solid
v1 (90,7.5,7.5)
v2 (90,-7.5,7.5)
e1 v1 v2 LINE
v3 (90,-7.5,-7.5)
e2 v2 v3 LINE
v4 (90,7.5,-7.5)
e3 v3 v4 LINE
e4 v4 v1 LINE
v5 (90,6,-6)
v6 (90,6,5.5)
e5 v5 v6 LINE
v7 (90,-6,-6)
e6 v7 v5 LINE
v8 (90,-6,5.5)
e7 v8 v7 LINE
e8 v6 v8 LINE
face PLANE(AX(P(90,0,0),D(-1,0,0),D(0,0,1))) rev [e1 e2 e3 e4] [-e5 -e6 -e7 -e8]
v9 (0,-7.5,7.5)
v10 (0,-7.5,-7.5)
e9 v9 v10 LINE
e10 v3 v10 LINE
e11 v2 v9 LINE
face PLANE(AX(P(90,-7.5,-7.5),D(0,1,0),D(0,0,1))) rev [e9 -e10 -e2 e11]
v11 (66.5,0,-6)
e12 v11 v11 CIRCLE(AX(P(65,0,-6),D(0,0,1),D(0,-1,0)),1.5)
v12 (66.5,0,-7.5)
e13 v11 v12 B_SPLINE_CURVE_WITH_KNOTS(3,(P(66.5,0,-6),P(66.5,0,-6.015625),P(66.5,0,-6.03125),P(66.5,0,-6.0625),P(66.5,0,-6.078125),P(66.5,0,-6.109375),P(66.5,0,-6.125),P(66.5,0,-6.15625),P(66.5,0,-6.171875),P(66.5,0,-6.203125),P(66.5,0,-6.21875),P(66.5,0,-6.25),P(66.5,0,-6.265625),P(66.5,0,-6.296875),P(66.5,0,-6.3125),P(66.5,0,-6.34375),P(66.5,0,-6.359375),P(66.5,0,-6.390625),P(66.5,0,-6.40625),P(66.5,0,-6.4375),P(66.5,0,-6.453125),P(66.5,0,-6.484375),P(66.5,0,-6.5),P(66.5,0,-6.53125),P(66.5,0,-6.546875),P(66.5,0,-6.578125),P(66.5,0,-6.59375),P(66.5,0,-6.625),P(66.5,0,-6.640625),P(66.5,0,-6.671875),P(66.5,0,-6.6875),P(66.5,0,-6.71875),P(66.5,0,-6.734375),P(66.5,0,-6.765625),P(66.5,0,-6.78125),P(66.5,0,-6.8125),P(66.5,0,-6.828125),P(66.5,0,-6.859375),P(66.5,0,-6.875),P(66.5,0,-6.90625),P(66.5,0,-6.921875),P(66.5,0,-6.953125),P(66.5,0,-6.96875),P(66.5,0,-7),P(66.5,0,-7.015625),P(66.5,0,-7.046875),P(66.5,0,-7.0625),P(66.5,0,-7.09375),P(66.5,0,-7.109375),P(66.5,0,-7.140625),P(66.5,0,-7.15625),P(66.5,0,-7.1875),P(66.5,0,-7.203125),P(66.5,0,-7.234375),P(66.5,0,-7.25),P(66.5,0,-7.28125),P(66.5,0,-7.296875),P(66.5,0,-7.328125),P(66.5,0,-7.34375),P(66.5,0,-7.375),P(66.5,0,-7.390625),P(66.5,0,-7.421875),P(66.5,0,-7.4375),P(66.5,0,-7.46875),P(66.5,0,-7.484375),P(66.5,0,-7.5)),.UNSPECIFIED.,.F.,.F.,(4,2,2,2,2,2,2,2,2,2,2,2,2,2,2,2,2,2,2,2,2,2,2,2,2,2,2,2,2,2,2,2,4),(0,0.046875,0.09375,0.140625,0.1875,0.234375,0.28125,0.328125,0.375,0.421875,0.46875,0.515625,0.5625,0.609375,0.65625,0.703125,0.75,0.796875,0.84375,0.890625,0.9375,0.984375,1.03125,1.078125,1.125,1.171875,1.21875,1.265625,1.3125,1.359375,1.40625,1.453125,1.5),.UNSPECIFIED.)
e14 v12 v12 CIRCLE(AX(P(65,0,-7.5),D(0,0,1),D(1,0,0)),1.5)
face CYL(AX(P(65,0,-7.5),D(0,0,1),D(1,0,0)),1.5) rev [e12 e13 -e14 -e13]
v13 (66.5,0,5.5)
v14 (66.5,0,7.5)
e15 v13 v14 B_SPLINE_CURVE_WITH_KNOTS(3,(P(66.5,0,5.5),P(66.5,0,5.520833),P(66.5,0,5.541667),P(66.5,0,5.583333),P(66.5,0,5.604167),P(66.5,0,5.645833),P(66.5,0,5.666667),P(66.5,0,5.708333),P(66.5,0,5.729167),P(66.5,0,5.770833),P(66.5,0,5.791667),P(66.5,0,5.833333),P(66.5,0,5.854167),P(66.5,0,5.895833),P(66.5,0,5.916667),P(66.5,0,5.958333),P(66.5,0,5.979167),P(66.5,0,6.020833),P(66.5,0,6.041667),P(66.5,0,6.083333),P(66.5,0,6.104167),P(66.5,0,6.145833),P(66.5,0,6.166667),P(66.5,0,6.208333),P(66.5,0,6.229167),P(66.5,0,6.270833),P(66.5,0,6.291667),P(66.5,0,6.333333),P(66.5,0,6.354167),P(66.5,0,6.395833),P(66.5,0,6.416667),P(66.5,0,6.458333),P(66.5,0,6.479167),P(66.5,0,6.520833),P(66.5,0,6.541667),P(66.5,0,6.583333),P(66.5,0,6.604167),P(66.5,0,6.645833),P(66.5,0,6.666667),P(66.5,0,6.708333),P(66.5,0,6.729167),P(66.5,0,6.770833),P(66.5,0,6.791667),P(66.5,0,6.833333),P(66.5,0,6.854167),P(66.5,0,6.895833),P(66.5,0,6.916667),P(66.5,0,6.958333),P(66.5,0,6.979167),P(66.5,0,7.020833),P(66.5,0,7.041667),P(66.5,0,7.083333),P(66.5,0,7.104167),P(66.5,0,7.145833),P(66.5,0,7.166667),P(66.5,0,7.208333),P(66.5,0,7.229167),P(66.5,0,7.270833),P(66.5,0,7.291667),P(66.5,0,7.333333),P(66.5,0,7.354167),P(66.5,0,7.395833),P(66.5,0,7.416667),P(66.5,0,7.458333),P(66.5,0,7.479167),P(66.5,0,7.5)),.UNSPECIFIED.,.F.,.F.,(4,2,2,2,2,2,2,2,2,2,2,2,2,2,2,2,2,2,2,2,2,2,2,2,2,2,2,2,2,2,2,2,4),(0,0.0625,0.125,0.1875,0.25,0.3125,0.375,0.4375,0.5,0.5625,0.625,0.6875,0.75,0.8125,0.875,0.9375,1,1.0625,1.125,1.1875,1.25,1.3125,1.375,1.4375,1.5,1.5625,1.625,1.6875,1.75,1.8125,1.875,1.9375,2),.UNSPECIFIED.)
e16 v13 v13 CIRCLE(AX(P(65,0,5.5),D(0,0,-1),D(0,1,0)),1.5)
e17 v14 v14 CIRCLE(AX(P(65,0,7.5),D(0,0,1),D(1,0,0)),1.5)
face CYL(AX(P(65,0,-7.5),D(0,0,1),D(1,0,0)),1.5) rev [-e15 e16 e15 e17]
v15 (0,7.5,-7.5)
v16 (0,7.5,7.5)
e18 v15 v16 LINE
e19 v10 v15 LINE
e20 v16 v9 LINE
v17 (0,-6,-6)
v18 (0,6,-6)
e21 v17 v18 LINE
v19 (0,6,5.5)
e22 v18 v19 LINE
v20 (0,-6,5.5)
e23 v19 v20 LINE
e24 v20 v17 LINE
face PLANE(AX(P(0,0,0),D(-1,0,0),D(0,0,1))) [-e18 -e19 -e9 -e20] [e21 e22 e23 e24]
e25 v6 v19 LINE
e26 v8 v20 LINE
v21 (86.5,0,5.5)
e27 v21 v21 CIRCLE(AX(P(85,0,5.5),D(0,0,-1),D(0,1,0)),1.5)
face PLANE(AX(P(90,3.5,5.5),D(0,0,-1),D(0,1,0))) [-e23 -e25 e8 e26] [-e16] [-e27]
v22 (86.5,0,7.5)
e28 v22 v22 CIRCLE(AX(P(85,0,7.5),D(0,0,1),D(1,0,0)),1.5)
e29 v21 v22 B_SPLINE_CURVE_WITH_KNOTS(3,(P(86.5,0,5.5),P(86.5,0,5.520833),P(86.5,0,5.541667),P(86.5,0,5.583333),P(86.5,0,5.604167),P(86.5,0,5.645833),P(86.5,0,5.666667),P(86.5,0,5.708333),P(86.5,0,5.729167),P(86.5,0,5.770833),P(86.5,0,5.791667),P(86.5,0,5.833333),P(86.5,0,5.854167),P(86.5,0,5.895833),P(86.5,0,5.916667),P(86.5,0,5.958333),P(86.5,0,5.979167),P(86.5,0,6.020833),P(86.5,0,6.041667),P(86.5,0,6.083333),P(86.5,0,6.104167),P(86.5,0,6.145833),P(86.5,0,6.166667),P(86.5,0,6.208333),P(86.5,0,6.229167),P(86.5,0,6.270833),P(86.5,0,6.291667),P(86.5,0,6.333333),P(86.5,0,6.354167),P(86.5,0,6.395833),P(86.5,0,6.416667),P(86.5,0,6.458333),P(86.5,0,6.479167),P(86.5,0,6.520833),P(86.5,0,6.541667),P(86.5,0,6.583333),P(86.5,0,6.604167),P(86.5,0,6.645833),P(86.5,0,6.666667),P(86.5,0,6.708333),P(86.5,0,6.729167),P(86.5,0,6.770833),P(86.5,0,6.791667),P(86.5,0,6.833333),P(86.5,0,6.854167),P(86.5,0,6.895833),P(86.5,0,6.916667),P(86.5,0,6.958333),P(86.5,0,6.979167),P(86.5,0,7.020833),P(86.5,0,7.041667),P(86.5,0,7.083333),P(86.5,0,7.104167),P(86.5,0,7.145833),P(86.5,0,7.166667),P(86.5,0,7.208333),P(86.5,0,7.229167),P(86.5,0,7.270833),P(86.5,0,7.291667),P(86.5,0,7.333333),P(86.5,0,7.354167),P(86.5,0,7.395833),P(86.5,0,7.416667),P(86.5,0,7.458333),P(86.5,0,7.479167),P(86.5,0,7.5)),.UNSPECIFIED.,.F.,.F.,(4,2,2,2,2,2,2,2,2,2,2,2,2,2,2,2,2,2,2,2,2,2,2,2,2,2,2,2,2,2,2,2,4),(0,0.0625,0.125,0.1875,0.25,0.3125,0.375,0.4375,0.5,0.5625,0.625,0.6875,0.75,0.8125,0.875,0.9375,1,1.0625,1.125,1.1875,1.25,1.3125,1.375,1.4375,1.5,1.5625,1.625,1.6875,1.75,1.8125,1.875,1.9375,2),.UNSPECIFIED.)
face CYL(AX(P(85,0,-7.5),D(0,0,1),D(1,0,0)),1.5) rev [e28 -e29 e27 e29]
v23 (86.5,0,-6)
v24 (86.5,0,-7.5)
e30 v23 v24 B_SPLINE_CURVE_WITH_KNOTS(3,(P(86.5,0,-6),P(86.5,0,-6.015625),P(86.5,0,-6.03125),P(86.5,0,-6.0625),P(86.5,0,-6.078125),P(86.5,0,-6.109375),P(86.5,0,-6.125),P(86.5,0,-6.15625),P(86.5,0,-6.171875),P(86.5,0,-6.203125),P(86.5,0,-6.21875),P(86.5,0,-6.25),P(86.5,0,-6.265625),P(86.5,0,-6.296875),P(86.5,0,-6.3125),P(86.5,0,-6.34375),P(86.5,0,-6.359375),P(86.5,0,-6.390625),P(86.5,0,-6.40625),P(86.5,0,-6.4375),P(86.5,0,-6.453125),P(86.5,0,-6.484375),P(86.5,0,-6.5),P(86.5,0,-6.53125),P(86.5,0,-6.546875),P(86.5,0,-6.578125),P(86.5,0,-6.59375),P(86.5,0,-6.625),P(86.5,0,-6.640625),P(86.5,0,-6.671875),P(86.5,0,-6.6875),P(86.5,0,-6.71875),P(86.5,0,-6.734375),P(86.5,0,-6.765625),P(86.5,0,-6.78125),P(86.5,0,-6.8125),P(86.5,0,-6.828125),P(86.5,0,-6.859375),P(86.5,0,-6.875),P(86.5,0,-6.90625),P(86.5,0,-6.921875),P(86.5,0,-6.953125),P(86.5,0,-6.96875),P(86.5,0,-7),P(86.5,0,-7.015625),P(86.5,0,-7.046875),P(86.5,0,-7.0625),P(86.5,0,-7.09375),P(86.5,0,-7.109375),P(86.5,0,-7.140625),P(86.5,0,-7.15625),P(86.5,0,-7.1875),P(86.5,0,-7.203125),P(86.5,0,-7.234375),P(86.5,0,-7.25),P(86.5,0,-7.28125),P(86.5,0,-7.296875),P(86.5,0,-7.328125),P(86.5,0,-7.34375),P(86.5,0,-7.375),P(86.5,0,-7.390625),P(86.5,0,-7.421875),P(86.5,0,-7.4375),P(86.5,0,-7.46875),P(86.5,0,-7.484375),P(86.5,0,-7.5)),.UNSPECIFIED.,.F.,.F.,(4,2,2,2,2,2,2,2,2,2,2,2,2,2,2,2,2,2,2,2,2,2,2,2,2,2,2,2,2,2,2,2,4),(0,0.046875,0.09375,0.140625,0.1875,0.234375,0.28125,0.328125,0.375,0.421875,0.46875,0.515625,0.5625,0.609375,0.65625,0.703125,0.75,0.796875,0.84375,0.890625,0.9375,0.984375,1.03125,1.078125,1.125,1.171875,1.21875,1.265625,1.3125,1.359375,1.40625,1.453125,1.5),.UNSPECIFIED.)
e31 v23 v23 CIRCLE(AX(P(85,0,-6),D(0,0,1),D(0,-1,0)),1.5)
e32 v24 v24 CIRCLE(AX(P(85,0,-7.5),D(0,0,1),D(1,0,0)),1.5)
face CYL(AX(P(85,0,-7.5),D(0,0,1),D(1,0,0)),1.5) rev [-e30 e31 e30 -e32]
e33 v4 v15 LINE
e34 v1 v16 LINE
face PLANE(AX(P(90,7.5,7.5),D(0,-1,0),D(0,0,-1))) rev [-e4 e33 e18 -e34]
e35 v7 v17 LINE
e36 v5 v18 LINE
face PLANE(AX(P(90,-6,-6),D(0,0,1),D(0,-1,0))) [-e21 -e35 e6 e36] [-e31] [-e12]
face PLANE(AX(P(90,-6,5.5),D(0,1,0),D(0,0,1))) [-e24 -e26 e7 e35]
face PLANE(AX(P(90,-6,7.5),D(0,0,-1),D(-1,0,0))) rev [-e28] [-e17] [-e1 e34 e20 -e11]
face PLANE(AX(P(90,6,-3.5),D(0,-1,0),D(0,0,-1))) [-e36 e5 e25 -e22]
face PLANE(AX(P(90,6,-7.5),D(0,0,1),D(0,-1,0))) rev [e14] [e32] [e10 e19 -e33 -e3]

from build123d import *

# Parameters (mm, degrees)
MEMBER_15_15_1_5_1_DEPTH = 90
SKETCH_3_R               = 1.5
CUT_EXTRUDE_1_DEPTH      = 92.549167118


with BuildPart() as part:
    # Sketch1 → Member 15 _15_ 1.5_1 (new body)
    with BuildSketch(Plane(origin=(0, 0, 0), x_dir=(0, 0, -1), z_dir=(1, 0, 0))):
        Polygon((-6, -7.5), (6, -7.5), (7.5, -7.5), (7.5, -6), (7.5, 6), (7.5, 7.5), (6, 7.5), (-6, 7.5), (-7.5, 7.5), (-7.5, 6), (-7.5, -6), (-7.5, -7.5), align=None)
        Polygon((-4, -6), (4, -6), (6, -6), (6, -3.5), (6, 3.5), (6, 6), (3.5, 6), (-3.5, 6), (-5.5, 6), (-5.5, 3.5), (-5.5, -3.5), (-5.5, -6), align=None, mode=Mode.SUBTRACT)
    extrude(amount=MEMBER_15_15_1_5_1_DEPTH)

    # 草图3 → 切除-拉伸1 (cut, through all)
    with BuildSketch(Plane.XY.offset(7.5)):
        with Locations((85, 0)):
            Circle(SKETCH_3_R)
        with Locations((65, 0)):
            Circle(SKETCH_3_R)
    extrude(amount=-CUT_EXTRUDE_1_DEPTH, mode=Mode.SUBTRACT)


solid = part.part
